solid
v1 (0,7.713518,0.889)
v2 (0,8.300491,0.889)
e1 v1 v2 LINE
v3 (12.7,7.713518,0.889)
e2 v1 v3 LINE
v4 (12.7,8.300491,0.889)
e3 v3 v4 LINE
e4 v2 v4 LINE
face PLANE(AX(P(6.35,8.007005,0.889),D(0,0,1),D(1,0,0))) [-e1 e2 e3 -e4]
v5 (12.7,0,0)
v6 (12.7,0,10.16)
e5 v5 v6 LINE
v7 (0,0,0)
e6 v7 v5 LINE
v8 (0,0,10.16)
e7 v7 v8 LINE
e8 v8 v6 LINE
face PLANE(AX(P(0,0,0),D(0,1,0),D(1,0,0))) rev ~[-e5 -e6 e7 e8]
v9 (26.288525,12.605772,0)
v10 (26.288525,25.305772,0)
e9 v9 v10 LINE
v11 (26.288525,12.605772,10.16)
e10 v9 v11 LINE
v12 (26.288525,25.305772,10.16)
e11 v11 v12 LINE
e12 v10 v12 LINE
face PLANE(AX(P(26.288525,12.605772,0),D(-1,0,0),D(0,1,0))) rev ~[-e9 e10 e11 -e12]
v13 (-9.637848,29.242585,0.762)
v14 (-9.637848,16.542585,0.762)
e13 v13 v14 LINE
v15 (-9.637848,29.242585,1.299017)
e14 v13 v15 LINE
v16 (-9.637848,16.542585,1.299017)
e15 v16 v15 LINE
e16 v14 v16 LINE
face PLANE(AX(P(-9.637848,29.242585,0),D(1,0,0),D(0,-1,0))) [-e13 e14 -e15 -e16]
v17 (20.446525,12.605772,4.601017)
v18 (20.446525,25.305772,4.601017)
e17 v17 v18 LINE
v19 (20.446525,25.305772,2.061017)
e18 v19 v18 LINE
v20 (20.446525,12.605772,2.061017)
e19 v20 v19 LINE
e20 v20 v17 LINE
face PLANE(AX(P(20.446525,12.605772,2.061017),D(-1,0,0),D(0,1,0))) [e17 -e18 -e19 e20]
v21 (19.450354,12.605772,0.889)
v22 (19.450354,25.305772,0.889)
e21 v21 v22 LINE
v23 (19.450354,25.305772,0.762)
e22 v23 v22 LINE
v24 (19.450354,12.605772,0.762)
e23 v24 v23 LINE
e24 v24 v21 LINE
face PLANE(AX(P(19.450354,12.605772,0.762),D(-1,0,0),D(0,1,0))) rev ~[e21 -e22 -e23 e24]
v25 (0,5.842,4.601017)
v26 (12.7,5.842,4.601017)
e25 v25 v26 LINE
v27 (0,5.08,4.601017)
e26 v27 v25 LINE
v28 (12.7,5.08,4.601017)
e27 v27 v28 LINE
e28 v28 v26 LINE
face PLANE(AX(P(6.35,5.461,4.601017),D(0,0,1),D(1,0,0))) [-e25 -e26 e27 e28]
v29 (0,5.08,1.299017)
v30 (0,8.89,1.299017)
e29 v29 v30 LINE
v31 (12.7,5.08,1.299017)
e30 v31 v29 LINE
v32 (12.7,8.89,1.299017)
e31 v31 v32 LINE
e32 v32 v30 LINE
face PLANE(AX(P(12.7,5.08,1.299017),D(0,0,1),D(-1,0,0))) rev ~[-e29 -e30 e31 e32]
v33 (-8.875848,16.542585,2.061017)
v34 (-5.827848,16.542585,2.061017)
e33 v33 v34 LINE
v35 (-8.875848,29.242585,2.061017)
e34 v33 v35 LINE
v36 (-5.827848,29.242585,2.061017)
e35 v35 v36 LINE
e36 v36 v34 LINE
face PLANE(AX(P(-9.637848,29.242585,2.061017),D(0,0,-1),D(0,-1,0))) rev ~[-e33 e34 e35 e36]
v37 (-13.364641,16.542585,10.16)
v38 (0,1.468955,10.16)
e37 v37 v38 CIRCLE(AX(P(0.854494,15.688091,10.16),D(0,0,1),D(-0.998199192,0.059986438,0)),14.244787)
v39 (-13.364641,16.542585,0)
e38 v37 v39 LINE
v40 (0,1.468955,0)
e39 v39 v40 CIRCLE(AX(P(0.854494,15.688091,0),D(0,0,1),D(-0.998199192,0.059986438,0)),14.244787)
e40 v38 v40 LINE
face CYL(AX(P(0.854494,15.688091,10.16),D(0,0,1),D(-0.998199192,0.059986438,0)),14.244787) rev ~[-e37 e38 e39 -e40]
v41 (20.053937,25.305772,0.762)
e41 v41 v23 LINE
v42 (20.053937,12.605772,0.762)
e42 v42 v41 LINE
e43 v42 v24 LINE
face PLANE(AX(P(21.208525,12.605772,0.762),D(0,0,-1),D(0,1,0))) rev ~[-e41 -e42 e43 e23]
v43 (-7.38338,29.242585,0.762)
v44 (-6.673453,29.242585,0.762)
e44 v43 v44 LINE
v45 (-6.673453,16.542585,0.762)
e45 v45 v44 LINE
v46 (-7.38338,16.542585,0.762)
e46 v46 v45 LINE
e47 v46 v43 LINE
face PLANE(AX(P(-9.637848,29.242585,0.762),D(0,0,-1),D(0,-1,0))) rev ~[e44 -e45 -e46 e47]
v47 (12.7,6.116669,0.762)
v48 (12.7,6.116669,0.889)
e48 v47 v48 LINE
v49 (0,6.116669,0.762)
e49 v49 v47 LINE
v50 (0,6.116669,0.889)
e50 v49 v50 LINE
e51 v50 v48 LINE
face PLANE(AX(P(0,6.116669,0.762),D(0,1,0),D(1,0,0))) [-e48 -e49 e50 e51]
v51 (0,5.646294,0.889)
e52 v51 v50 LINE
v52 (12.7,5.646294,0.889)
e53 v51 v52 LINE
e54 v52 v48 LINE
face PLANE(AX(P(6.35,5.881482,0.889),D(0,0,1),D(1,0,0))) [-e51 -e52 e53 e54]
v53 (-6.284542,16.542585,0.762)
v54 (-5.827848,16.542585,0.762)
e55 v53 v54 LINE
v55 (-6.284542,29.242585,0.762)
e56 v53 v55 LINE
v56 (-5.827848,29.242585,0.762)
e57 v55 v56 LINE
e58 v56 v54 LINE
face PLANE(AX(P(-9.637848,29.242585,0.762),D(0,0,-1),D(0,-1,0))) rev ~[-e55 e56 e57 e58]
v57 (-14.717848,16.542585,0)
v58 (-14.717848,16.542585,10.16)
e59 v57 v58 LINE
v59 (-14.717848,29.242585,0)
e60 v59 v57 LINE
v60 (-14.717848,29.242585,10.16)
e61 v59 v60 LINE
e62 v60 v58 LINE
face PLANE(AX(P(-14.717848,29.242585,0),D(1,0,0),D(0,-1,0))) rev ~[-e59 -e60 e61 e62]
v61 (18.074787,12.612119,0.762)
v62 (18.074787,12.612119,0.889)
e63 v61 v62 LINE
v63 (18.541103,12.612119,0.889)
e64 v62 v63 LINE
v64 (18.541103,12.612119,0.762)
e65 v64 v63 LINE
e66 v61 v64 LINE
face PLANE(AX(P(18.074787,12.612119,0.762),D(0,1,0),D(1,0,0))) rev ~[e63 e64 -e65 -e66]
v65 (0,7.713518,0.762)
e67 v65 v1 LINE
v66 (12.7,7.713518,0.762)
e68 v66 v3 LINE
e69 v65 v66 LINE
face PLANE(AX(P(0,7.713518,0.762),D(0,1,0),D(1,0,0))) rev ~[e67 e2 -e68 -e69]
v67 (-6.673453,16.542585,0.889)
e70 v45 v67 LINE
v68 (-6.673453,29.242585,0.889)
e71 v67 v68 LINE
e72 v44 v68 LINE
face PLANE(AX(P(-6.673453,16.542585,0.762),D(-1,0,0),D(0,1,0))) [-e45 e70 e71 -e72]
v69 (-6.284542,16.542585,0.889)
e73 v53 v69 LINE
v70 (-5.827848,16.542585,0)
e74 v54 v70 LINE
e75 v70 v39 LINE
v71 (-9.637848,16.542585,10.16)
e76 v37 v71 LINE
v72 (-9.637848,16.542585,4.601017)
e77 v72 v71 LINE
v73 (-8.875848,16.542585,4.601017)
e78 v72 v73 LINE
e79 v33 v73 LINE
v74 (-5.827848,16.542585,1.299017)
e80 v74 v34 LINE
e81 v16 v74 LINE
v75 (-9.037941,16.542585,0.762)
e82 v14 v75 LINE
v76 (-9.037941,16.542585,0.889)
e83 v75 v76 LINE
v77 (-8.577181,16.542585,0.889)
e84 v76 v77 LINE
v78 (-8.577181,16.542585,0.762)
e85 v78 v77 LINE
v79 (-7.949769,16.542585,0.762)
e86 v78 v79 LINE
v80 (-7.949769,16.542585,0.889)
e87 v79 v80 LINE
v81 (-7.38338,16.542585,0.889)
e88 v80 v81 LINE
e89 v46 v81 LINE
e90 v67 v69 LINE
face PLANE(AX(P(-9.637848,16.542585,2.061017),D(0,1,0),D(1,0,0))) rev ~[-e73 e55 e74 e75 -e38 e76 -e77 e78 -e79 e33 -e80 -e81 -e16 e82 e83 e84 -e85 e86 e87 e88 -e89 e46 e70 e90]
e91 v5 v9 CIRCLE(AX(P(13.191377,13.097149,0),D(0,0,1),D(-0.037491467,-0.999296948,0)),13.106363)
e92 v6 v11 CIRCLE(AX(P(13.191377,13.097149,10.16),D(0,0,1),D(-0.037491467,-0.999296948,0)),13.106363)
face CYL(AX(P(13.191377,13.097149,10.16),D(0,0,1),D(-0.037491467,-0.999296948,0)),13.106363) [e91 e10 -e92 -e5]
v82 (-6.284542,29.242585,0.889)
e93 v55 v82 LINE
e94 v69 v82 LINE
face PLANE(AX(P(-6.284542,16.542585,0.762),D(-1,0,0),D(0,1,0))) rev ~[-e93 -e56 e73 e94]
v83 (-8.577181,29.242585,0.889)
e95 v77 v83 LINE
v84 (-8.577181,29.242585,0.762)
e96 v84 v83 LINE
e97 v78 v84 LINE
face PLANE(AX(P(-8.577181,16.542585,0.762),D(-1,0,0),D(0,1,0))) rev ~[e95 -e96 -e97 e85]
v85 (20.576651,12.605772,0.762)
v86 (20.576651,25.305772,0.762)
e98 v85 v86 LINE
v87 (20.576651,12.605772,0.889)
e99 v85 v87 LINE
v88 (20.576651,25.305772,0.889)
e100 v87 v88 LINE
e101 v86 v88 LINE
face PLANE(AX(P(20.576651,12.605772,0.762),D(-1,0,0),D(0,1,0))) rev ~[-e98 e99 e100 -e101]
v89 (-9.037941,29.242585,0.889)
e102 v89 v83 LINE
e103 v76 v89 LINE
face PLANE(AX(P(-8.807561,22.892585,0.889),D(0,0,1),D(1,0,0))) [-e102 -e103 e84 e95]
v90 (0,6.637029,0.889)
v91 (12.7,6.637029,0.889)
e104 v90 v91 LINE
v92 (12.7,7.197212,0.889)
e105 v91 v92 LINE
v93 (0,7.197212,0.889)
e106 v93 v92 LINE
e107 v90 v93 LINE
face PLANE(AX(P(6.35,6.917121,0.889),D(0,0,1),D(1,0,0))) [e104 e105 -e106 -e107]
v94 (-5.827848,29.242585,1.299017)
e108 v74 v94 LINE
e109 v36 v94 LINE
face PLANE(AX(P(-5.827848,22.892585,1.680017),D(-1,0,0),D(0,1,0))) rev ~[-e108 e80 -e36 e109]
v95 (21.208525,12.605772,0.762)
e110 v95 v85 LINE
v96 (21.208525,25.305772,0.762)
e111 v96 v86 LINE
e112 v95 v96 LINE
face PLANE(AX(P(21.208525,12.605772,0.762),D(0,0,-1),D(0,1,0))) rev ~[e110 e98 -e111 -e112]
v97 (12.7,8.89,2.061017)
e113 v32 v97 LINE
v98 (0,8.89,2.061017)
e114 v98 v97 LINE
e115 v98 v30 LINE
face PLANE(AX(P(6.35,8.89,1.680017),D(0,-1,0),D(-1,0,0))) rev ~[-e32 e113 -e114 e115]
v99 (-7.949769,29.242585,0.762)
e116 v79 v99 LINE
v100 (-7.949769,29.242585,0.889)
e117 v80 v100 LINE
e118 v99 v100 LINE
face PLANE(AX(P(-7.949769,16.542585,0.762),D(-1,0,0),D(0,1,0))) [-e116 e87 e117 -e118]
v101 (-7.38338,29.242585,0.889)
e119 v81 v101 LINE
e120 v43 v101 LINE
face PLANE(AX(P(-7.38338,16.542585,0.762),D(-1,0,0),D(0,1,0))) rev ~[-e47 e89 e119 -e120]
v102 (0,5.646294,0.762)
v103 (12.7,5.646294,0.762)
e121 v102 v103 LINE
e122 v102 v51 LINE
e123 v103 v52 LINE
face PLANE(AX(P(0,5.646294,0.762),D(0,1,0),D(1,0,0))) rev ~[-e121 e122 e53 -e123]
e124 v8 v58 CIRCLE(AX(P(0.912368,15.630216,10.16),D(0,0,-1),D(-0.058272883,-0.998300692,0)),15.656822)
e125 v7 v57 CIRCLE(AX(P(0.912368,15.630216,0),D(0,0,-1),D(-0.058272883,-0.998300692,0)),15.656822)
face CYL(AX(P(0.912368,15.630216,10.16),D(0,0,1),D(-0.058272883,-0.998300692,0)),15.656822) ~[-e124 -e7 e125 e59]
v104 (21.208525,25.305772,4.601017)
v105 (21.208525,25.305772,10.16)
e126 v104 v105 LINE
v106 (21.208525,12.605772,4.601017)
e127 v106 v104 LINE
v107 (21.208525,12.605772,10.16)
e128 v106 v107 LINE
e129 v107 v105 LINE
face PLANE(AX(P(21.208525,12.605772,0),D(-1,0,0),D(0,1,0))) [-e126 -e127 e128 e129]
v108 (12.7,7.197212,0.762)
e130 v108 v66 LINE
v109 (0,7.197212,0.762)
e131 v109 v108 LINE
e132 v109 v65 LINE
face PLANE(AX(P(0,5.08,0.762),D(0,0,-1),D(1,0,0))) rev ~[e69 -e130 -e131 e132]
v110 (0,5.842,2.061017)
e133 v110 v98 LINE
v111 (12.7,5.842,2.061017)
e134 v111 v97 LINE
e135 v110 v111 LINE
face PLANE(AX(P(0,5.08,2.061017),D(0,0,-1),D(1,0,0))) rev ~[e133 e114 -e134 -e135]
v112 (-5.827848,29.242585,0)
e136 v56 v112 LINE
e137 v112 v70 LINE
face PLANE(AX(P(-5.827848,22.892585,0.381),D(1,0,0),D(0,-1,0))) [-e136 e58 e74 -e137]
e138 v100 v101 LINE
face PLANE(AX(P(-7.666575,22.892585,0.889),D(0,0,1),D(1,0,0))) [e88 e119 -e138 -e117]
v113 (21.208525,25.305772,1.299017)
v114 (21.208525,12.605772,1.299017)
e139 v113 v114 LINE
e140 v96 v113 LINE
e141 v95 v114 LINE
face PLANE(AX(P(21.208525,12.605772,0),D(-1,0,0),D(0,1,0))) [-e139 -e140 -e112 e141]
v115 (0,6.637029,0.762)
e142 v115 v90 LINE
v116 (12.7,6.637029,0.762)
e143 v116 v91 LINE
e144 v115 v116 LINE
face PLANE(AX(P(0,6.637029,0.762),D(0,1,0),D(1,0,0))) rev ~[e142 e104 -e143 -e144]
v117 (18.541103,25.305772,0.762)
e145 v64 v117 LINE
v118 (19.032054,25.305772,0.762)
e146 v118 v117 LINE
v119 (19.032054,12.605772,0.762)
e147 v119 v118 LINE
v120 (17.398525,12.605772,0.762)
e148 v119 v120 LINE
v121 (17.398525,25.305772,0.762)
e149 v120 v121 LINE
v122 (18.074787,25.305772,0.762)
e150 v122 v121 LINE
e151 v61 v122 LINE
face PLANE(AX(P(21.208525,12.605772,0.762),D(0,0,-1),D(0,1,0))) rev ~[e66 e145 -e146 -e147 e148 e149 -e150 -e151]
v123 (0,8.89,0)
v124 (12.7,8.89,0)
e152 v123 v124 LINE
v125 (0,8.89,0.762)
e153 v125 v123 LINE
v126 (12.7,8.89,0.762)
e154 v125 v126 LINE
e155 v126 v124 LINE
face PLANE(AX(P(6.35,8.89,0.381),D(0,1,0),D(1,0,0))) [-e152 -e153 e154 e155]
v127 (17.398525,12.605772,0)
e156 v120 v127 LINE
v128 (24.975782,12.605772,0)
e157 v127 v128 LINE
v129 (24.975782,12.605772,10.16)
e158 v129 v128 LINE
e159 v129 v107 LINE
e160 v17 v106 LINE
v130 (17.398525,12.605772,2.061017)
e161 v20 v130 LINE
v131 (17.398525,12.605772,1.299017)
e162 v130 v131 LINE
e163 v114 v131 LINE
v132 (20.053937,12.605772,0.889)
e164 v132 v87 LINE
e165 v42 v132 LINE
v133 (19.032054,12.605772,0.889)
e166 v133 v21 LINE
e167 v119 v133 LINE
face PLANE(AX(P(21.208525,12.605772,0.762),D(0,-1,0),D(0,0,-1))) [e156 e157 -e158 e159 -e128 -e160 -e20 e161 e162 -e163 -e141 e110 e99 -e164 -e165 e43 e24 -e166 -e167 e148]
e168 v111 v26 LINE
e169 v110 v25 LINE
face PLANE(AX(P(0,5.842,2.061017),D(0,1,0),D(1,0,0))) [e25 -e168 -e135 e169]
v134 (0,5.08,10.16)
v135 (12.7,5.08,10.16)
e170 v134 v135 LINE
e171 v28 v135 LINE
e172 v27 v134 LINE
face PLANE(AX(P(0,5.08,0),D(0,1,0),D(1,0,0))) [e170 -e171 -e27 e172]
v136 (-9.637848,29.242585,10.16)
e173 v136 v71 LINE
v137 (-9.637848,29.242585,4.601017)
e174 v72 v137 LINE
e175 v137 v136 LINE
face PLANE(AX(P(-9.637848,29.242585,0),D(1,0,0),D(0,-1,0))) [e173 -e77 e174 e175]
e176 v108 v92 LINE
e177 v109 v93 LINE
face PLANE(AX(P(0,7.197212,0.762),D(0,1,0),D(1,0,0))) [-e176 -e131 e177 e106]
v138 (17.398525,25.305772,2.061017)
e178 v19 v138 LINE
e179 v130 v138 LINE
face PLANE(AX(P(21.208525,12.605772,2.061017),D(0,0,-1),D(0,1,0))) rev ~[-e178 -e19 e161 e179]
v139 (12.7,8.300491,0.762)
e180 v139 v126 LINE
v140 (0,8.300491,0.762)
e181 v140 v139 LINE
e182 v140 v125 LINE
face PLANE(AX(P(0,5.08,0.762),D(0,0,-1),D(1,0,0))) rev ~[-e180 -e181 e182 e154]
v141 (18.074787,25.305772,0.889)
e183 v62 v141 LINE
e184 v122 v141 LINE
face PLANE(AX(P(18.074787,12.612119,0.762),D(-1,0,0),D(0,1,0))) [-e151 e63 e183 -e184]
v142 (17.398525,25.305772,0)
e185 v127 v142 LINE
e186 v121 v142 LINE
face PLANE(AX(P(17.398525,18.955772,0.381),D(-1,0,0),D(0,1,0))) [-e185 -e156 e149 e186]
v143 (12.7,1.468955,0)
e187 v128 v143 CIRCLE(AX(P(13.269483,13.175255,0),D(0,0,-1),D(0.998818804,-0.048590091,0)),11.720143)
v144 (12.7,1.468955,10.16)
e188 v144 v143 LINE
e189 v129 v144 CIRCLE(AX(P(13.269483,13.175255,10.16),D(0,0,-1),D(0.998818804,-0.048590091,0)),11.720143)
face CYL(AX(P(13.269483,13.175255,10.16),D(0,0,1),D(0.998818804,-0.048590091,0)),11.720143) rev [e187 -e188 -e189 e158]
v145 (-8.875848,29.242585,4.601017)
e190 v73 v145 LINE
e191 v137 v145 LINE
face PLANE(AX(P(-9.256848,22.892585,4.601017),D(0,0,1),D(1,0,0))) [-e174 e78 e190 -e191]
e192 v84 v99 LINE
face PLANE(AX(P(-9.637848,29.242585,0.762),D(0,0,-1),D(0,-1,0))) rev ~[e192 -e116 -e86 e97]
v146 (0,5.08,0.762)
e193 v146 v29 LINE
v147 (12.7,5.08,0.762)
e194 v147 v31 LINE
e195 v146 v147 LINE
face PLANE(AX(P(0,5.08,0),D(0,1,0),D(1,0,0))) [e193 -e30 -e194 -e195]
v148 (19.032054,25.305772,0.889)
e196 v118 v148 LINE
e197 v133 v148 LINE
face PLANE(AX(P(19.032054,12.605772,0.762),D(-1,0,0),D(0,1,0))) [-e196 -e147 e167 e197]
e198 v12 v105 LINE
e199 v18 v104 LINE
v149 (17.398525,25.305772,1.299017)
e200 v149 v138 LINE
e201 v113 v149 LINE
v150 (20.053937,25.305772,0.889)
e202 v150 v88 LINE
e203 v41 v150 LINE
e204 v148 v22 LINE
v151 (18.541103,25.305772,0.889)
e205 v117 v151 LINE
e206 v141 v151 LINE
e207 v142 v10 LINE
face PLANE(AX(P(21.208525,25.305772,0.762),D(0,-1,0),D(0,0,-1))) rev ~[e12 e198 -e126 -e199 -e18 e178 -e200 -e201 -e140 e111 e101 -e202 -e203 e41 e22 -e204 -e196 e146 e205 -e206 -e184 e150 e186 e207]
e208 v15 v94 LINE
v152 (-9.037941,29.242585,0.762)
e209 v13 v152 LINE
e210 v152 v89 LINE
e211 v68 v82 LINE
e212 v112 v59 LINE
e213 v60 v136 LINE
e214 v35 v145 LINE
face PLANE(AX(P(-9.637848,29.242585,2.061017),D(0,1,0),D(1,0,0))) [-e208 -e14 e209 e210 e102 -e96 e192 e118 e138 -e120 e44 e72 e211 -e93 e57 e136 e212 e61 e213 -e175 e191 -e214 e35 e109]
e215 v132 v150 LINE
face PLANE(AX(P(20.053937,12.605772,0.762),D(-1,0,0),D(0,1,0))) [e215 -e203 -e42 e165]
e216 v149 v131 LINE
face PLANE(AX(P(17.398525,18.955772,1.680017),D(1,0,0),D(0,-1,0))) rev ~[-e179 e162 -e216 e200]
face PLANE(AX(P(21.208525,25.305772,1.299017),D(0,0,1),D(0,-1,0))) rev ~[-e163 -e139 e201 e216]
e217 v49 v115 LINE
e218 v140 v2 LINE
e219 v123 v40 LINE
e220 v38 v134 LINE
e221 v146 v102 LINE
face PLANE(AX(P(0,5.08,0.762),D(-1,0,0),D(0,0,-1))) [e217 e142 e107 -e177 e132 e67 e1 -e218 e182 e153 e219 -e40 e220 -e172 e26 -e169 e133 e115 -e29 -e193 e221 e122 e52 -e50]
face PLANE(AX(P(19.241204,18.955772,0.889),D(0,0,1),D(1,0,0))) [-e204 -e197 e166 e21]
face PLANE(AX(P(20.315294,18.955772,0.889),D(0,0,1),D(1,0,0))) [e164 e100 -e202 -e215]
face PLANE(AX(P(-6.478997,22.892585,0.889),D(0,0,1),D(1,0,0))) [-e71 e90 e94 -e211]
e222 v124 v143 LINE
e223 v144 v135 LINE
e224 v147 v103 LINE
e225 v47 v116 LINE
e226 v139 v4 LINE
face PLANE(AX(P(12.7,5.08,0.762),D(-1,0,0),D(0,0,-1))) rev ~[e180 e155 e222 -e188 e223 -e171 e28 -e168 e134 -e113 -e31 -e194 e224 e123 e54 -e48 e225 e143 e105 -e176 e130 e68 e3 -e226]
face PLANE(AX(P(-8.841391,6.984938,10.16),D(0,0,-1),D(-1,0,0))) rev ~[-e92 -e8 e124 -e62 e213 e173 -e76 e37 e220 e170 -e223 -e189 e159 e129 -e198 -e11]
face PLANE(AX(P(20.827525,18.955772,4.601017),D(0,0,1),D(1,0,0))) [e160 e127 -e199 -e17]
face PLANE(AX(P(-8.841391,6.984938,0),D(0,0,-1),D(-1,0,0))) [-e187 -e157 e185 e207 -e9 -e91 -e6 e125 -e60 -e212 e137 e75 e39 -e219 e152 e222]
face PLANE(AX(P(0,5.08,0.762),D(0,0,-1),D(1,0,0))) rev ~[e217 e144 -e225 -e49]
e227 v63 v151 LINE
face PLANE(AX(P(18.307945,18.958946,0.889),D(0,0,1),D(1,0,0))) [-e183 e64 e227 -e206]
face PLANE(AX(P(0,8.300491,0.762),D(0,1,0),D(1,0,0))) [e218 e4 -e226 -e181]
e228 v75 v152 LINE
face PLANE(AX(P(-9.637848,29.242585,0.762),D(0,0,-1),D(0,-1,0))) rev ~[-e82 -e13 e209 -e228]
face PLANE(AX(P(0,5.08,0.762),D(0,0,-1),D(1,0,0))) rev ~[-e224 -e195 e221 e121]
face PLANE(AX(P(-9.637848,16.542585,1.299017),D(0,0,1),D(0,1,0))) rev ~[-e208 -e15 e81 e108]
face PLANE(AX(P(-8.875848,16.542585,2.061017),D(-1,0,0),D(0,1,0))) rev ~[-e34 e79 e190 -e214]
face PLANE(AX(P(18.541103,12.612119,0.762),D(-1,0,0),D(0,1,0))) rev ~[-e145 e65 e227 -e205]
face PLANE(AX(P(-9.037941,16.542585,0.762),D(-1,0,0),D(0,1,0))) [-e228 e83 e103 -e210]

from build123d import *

# Parameters (mm, degrees)
SKETCH1_W             = 12.7
SKETCH1_H             = 5.08
BOSS_EXTRUDE1_DEPTH   = 10.16
SKETCH2_W             = 12.7
SKETCH2_H             = 0.762
BOSS_EXTRUDE3_DEPTH   = 3.81
BOSS_EXTRUDE4_DEPTH   = 3.81
BODY_MOVE_COPY3_ANGLE = 90
BODY_MOVE_COPY6_ANGLE = 180
BOSS_EXTRUDE6_DEPTH   = 10.16
SKETCH17_W            = 12.7
SKETCH17_H            = 0.586972929
SKETCH17_H_2          = 0.560182851
SKETCH17_H_3          = 0.470375136
SKETCH17_W_2          = 0.38891101
SKETCH17_H_4          = 12.7
SKETCH17_W_3          = 0.566388334
SKETCH17_W_4          = 0.460759313
SKETCH17_W_5          = 0.522714126
SKETCH17_W_6          = 0.418299814
SKETCH17_W_7          = 0.466316337
SKETCH17_H_5          = 12.693652269
BOSS_EXTRUDE10_DEPTH  = 0.127
SKETCH18_W            = 0.762
SKETCH18_H            = 12.7
SKETCH18_W_2          = 12.7
SKETCH18_H_2          = 0.762
BOSS_EXTRUDE11_DEPTH  = 2.54


with BuildPart() as part:
    # Sketch1 → Boss-Extrude1 (new body)
    with BuildSketch(Plane.XY):
        with Locations((6.35, 2.54)):
            Rectangle(SKETCH1_W, SKETCH1_H)
    extrude(amount=BOSS_EXTRUDE1_DEPTH)

    # Sketch2 → Boss-Extrude3 (add)
    with BuildSketch(Plane(origin=(0, 5.08, 0), x_dir=(1, 0, 0), z_dir=(0, 1, 0))):
        with Locations((6.35, -0.381)):
            Rectangle(SKETCH2_W, SKETCH2_H)
    extrude(amount=BOSS_EXTRUDE3_DEPTH)

    # Sketch4 → Boss-Extrude4 (add)
    with BuildSketch(Plane(origin=(0, 5.08, 0), x_dir=(1, 0, 0), z_dir=(0, 1, 0))):
        Polygon((1.196042578, -2.061016669), (0, -2.061016669), (0, -1.299016669), (1.196042578, -1.299016669), (12.7, -1.299016669), (12.7, -2.061016669), align=None)
    extrude(amount=BOSS_EXTRUDE4_DEPTH)


with BuildPart() as body_2:
    # Body-Move/Copy1: copy of part
    add(part.part.moved(Location((-19.746027861, 19.169390197, 0))))


with BuildPart() as body_2_1:
    # Body-Move/Copy3: moved
    add(body_2.part.rotate(Axis((-13.396027861, 25.765927537, 0), (0, 0, -1)), BODY_MOVE_COPY3_ANGLE))


with BuildPart() as body_3:
    # Body-Move/Copy5: copy of body 2
    add(body_2_1.part.moved(Location((40.507721278, -2.230163532, 0))))


with BuildPart() as body_3_1:
    # Body-Move/Copy6: moved
    add(body_3.part.rotate(Axis((27.111693417, 25.765927537, 0), (0, 0, 1)), BODY_MOVE_COPY6_ANGLE))


with BuildPart() as body_3_2:
    # Body-Move/Copy7: moved
    add(body_3_1.part.moved(Location((-7.419705442, -9.040319303, 0))))


with BuildPart() as body_2_2:
    # Body-Move/Copy8: moved
    add(body_2_1.part.moved(Location((5.274716885, -2.873342861, 0))))


with BuildPart() as part_1:
    add(part.part)

    add(body_2_2.part)  # Boss-Extrude6 merges body 2

    add(body_3_2.part)  # Boss-Extrude6 merges body 3
    # Sketch12 → Boss-Extrude6 (add)
    with BuildSketch(Plane.XY.offset(10.16)):
        with BuildLine():
            Line((-14.717848316, 16.542584676), (-13.364641255, 16.542584676))
            ThreePointArc((-13.364641255, 16.542584676), (-9.804171486, 6.237862161), (0, 1.46895531))
            Line((0, 1.46895531), (0, 0))
            ThreePointArc((0, 0), (-10.785005623, 5.223126147), (-14.717848316, 16.542584676))
        make_face()
        with BuildLine():
            Line((12.7, 1.46895531), (12.7, 0))
            ThreePointArc((12.7, 0), (22.105003473, 3.488610144), (26.288525315, 12.605771766))
            Line((26.288525315, 12.605771766), (24.975782085, 12.605771766))
            ThreePointArc((24.975782085, 12.605771766), (21.144401251, 4.494965824), (12.7, 1.46895531))
        make_face()
    extrude(amount=-BOSS_EXTRUDE6_DEPTH)

    # Sketch17 → Boss-Extrude10 (add)
    with BuildSketch(Plane.XY.offset(0.762)):
        with Locations((6.35, 8.007004569)):
            Rectangle(SKETCH17_W, SKETCH17_H)
        with Locations((6.35, 6.9171208)):
            Rectangle(SKETCH17_W, SKETCH17_H_2)
        with Locations((6.35, 5.881481875)):
            Rectangle(SKETCH17_W, SKETCH17_H_3)
        with Locations((-6.478997016, 22.892584676)):
            Rectangle(SKETCH17_W_2, SKETCH17_H_4)
        with Locations((-7.666574601, 22.892584676)):
            Rectangle(SKETCH17_W_3, SKETCH17_H_4)
        with Locations((-8.807561086, 22.892584676)):
            Rectangle(SKETCH17_W_4, SKETCH17_H_4)
        with Locations((20.31529367, 18.955771766)):
            Rectangle(SKETCH17_W_5, SKETCH17_H_4)
        with Locations((19.241203682, 18.955771766)):
            Rectangle(SKETCH17_W_6, SKETCH17_H_4)
        with Locations((18.30794503, 18.958945632)):
            Rectangle(SKETCH17_W_7, SKETCH17_H_5)
    extrude(amount=BOSS_EXTRUDE10_DEPTH)

    # Sketch18 → Boss-Extrude11 (add)
    with BuildSketch(Plane.XY.offset(2.061016669)):
        with Locations((-9.256848316, 22.892584676)):
            Rectangle(SKETCH18_W, SKETCH18_H)
        with Locations((6.35, 5.461)):
            Rectangle(SKETCH18_W_2, SKETCH18_H_2)
        with Locations((20.827525315, 18.955771766)):
            Rectangle(SKETCH18_W, SKETCH18_H)
    extrude(amount=BOSS_EXTRUDE11_DEPTH)


solid = part_1.part
